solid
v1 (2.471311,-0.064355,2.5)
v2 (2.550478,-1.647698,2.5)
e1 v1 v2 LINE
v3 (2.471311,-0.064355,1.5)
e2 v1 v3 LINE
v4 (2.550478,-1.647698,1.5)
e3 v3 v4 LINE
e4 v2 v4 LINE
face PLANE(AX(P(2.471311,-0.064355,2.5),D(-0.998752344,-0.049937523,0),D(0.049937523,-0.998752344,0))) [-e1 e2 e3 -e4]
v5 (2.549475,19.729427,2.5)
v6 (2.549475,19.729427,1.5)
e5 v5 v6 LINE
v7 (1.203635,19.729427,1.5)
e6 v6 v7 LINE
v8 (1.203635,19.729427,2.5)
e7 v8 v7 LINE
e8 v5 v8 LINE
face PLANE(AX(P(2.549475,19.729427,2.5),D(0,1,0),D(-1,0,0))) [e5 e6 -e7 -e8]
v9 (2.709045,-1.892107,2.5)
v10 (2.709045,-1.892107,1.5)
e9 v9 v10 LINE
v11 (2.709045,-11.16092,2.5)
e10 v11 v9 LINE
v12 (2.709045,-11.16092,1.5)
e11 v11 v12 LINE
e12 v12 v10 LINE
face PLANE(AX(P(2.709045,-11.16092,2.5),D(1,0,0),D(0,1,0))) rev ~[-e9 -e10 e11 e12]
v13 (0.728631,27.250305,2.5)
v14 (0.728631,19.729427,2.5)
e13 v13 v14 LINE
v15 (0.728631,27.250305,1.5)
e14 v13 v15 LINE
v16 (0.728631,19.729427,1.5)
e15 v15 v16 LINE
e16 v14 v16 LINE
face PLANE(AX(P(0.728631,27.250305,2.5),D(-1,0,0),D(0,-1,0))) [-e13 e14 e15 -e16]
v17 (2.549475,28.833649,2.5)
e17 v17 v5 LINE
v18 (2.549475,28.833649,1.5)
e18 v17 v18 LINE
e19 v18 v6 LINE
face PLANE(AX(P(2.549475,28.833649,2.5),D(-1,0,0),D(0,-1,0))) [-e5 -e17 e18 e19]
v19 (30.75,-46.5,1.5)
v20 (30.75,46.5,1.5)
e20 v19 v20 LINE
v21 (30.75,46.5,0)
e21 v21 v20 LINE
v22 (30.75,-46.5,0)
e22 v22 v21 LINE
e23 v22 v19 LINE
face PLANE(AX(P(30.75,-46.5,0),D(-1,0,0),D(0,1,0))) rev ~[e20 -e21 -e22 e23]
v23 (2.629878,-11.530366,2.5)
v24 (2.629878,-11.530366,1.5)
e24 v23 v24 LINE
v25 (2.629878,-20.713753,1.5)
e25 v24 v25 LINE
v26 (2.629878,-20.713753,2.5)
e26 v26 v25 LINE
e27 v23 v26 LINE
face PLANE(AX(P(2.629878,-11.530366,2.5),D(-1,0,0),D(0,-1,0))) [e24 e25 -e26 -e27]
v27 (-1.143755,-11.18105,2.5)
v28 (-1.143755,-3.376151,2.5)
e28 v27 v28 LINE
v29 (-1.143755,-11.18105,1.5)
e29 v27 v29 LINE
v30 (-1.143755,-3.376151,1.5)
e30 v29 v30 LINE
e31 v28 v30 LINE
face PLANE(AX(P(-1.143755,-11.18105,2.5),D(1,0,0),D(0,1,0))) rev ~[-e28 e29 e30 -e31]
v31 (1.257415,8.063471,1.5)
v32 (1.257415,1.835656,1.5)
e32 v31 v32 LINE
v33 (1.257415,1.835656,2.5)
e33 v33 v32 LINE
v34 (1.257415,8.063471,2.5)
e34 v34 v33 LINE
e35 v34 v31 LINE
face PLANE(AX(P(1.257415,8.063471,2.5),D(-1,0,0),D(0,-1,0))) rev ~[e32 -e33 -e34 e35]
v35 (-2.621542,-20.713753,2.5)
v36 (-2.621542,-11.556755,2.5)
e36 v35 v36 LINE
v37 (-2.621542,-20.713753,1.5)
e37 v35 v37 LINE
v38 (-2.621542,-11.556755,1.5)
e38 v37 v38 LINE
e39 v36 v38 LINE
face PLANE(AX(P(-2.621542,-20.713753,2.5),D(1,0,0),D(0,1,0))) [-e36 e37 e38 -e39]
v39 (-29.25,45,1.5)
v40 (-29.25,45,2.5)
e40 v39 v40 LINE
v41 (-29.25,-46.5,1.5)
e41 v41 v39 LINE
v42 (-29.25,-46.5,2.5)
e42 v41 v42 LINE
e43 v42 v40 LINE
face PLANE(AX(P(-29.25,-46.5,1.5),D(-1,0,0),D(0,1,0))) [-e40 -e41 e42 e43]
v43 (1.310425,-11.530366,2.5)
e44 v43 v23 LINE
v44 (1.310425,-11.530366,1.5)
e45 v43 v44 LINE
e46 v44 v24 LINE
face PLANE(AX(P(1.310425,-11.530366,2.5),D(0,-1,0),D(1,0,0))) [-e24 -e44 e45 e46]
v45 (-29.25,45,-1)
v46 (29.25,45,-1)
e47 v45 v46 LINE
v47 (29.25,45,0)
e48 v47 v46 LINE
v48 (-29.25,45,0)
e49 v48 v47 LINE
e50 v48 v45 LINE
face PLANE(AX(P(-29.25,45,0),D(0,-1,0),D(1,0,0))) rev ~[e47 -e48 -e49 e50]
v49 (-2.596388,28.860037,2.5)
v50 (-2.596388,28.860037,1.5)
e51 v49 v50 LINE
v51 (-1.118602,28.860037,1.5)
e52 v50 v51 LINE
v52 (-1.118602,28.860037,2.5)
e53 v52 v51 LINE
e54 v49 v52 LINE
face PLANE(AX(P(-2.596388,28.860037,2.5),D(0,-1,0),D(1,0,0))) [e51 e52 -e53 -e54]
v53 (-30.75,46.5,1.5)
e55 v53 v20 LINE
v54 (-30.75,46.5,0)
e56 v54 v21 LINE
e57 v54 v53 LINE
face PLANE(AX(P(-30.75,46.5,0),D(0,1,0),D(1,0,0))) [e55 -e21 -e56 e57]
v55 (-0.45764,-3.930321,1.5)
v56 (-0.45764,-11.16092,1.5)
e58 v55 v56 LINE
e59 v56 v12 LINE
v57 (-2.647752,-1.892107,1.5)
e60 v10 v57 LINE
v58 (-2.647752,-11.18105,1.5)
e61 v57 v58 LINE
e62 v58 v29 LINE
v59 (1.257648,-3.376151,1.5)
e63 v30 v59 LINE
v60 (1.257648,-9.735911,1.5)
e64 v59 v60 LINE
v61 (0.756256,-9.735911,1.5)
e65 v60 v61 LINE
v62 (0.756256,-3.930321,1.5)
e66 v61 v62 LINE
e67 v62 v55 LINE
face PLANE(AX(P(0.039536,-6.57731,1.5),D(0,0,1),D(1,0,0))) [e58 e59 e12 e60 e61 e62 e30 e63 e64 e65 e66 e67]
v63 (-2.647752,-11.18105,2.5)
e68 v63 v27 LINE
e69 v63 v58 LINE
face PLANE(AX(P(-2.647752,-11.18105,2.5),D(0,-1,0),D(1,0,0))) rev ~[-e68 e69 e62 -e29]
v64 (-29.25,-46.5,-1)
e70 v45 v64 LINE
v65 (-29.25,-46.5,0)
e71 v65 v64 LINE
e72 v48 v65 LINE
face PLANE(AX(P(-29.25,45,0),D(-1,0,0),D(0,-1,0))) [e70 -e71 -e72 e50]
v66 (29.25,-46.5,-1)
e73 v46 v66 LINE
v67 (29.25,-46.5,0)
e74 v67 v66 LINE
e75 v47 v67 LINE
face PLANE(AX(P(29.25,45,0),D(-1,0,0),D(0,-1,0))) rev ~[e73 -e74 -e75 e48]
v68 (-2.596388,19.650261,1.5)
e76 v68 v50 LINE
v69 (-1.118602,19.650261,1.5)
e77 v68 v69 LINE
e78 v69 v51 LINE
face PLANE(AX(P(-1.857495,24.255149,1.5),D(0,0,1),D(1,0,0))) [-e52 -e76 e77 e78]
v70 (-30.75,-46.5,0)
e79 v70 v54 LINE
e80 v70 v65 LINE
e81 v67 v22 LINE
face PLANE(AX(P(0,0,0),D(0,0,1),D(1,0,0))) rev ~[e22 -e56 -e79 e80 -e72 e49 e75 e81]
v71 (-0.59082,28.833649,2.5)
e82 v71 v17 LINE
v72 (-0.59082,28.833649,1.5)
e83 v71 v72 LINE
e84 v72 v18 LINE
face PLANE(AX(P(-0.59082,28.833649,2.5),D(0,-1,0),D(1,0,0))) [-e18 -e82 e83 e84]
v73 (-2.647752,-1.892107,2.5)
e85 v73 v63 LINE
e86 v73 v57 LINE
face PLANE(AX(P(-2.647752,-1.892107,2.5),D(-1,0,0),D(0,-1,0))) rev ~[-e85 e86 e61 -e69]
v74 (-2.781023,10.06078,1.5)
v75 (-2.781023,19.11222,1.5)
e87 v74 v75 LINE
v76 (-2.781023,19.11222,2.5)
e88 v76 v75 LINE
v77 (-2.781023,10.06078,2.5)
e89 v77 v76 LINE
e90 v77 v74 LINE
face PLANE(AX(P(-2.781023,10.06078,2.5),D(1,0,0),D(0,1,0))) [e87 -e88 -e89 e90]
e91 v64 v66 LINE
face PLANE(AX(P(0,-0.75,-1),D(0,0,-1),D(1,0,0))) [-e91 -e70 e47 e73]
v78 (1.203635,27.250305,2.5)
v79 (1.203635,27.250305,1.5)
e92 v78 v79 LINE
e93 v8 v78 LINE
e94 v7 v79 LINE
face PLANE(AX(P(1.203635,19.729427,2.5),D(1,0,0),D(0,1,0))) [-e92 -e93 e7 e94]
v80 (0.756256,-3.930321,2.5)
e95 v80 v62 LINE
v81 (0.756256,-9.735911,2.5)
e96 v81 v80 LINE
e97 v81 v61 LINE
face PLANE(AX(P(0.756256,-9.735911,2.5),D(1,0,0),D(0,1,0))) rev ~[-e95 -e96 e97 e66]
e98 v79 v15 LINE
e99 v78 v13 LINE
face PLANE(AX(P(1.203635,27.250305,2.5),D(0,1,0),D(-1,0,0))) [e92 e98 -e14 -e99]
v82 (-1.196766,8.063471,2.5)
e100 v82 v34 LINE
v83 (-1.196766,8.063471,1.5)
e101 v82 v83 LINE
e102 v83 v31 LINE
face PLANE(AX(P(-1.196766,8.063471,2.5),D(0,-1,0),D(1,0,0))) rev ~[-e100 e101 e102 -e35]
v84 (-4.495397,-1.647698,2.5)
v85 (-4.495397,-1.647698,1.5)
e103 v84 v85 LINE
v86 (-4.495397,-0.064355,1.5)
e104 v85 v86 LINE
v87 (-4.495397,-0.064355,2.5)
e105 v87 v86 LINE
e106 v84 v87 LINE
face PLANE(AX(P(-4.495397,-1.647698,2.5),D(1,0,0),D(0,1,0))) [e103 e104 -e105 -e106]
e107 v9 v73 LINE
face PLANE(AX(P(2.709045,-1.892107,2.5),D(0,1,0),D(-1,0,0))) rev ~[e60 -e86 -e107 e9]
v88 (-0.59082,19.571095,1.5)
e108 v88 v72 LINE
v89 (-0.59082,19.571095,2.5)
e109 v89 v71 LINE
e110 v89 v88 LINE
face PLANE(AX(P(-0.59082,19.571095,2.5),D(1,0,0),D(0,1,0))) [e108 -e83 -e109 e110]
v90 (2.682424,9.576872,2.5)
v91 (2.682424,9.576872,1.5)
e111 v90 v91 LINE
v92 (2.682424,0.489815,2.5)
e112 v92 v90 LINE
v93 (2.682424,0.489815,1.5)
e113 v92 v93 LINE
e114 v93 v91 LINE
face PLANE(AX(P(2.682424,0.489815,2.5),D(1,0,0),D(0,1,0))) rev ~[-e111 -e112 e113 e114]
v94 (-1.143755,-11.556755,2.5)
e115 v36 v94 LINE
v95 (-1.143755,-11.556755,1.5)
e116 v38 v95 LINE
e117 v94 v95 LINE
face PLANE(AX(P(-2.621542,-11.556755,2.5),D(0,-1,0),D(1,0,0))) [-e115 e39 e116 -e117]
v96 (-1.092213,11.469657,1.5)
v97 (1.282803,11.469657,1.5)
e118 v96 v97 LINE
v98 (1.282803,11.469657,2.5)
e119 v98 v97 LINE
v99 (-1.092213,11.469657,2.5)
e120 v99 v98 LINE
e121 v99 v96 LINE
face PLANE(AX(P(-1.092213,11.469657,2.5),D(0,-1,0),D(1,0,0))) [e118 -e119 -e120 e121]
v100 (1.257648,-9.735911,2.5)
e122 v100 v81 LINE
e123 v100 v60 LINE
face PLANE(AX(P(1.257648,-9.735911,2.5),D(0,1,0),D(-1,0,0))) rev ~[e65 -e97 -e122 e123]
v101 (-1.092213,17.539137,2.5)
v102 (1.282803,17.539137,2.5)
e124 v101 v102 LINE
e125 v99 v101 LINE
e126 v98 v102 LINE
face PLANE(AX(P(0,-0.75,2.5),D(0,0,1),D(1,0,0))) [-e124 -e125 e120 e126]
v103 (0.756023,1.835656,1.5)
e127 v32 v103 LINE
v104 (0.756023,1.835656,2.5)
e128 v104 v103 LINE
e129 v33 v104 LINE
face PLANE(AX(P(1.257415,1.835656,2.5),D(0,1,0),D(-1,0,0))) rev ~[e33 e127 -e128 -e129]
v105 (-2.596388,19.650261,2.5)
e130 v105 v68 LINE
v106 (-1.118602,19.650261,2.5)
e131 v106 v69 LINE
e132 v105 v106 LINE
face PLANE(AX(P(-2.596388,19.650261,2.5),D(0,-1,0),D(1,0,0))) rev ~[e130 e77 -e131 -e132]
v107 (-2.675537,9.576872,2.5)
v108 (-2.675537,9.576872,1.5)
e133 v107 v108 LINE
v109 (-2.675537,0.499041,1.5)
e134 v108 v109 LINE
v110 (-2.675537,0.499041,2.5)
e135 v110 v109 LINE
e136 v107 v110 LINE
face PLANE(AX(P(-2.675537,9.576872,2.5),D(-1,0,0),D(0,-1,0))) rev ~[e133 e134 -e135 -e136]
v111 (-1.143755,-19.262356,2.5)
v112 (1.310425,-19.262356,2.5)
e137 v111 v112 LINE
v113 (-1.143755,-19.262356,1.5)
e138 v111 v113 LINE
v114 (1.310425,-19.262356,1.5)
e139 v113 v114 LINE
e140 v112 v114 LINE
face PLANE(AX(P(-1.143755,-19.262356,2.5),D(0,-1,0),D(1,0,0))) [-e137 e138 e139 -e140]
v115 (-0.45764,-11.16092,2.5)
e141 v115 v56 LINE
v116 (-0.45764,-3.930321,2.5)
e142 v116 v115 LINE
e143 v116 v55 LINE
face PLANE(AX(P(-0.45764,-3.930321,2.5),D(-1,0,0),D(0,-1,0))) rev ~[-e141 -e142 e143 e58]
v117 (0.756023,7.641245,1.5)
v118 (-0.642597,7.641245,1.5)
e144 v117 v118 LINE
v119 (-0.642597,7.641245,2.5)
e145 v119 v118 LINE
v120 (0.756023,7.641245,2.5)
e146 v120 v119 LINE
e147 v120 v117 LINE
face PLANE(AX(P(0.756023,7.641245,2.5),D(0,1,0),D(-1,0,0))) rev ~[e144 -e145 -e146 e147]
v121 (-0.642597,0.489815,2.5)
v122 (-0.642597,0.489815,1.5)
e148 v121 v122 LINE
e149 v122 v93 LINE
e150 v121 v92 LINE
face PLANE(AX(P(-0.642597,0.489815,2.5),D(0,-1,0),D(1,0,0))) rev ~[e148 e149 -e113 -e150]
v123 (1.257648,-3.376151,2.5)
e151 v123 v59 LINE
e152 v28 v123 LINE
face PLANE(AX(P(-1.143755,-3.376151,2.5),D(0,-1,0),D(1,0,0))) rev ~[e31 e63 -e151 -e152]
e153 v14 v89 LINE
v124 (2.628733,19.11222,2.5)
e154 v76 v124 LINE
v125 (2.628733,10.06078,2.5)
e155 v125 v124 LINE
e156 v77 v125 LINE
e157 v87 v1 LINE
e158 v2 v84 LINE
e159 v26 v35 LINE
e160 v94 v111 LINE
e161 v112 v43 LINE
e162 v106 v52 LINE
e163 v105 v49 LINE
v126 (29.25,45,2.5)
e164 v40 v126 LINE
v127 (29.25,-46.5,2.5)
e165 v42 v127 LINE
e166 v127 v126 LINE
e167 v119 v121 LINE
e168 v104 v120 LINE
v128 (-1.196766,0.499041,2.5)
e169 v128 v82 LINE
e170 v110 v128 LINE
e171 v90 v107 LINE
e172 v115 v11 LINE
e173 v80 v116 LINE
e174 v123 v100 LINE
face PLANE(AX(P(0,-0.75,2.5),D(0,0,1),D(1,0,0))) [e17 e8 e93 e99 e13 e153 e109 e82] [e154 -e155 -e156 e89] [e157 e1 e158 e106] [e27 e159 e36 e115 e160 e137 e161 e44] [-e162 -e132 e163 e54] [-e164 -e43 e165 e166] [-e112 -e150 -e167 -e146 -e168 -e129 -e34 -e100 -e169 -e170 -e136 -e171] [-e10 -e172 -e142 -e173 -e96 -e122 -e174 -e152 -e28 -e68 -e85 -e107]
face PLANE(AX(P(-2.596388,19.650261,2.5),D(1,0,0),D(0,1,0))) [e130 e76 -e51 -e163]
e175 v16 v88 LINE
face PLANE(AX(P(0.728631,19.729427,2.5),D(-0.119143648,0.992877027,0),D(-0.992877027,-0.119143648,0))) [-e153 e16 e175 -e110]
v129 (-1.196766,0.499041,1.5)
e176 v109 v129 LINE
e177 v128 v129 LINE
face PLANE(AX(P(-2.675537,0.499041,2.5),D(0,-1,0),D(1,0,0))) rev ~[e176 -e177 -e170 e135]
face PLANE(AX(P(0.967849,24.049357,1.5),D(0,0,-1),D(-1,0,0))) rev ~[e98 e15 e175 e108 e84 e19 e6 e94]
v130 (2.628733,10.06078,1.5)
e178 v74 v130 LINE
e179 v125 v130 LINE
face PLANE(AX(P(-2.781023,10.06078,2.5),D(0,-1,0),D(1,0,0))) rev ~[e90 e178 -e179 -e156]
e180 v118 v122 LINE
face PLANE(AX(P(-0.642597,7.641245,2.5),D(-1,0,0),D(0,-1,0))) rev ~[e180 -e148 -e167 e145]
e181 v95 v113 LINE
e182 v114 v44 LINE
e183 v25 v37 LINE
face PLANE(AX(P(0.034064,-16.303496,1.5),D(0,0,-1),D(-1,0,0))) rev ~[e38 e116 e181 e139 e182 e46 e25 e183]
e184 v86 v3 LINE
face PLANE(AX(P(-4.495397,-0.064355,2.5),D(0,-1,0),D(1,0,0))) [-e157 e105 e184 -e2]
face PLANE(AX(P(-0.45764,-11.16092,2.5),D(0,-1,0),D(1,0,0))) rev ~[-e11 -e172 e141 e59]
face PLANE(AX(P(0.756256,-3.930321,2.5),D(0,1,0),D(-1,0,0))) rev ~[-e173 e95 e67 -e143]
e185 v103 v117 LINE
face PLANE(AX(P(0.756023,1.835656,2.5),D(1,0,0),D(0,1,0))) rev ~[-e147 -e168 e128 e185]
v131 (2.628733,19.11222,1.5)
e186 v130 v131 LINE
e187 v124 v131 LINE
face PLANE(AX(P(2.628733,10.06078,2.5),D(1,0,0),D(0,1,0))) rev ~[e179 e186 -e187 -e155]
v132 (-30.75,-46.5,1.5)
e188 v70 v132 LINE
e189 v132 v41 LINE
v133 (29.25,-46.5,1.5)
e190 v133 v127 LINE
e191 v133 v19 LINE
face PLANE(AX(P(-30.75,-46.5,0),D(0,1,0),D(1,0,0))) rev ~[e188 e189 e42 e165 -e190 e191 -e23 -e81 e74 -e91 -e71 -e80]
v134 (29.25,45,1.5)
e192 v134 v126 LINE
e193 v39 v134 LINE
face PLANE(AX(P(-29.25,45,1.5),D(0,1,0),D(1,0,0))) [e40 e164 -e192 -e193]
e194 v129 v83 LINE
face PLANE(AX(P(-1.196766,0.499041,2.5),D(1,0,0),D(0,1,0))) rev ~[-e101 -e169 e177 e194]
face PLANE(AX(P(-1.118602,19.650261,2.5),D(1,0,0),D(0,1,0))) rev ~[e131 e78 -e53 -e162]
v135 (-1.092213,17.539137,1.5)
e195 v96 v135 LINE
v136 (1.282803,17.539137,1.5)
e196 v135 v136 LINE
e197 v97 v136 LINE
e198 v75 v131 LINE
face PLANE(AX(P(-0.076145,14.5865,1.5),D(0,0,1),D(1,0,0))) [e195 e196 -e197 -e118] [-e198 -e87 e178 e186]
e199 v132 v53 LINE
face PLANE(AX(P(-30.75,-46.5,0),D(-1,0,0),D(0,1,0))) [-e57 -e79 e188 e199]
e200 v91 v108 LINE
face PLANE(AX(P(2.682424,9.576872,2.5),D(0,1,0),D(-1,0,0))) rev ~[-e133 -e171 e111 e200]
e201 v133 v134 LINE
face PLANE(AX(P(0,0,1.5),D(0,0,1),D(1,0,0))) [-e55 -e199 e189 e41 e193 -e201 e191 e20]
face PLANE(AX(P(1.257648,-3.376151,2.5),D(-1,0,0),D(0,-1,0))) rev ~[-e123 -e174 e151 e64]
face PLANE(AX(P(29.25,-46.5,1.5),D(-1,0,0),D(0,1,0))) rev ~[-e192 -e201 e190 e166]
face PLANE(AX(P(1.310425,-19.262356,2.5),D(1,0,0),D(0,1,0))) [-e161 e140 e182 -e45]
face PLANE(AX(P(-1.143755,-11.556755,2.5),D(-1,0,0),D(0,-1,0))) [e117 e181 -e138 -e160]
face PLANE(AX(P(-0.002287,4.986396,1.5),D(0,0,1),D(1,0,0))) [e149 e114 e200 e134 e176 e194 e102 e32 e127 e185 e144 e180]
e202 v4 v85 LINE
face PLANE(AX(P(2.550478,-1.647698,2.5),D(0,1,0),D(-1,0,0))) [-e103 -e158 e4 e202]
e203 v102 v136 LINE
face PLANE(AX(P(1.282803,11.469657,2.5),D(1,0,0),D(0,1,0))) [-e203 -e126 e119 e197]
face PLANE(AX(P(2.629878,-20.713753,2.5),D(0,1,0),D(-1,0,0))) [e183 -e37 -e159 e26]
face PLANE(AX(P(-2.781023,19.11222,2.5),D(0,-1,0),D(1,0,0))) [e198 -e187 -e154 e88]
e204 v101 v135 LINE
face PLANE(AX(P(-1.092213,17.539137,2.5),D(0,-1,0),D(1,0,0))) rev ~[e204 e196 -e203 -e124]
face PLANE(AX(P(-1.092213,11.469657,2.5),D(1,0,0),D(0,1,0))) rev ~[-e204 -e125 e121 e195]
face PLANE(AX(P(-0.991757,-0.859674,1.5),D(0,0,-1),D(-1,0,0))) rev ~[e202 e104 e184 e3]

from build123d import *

# Parameters (mm, degrees)
SKETCH_W      = 61.5
SKETCH_H      = 93
PAD_DEPTH     = 1.5
SKETCH001_W   = 58.5
SKETCH001_H   = 91.5
PAD001_DEPTH  = 1
SKETCH002_W   = 58.5
SKETCH002_H   = 91.5
PAD002_DEPTH  = 1
SKETCH003_W   = 5.409756
SKETCH003_H   = 9.051441
SKETCH003_W_2 = 2.375015
SKETCH003_H_2 = 6.06948
SKETCH003_W_3 = 1.477786
SKETCH003_H_3 = 9.209776
POCKET_DEPTH  = 1


with BuildPart() as part:
    # Sketch → Pad (new body)
    with BuildSketch(Plane.XY):
        Rectangle(SKETCH_W, SKETCH_H)
    extrude(amount=PAD_DEPTH)

    # Sketch001 → Pad001 (new body)
    with BuildSketch(Plane.XY.offset(1.5)):
        with Locations((0, -0.75)):
            Rectangle(SKETCH001_W, SKETCH001_H)
    extrude(amount=PAD001_DEPTH)

    # Sketch002 → Pad002 (new body)
    with BuildSketch(Plane(origin=(0, 0, 0), x_dir=(1, 0, 0), z_dir=(0, 0, -1))):
        with Locations((0, 0.75)):
            Rectangle(SKETCH002_W, SKETCH002_H)
    extrude(amount=PAD002_DEPTH)

    # Sketch003 → Pocket (cut)
    with BuildSketch(Plane.XY.offset(2.5)):
        Polygon((-2.621542, -11.556755), (-1.143755, -11.556755), (-1.143755, -19.262356), (1.310425, -19.262356), (1.310425, -11.530366), (2.629878, -11.530366), (2.629878, -20.713753), (-2.621542, -20.713753), align=None)
        Polygon((-2.647752, -11.18105), (-1.143755, -11.18105), (-1.143755, -3.376151), (1.257648, -3.376151), (1.257648, -9.735911), (0.756256, -9.735911), (0.756256, -3.930321), (-0.45764, -3.930321), (-0.45764, -11.16092), (2.709045, -11.16092), (2.709045, -1.892107), (-2.647752, -1.892107), align=None)
        Polygon((-4.495397, -0.064355), (2.471311, -0.064355), (2.550478, -1.647698), (-4.495397, -1.647698), align=None)
        Polygon((-2.675537, 0.499041), (-1.196766, 0.499041), (-1.196766, 8.063471), (1.257415, 8.063471), (1.257415, 1.835656), (0.756023, 1.835656), (0.756023, 7.641245), (-0.642597, 7.641245), (-0.642597, 0.489815), (2.682424, 0.489815), (2.682424, 9.576872), (-2.675537, 9.576872), align=None)
        with Locations((-0.076145, 14.5865)):
            Rectangle(SKETCH003_W, SKETCH003_H)
        with Locations((0.095295, 14.504397)):
            Rectangle(SKETCH003_W_2, SKETCH003_H_2, mode=Mode.SUBTRACT)
        with Locations((-1.857495, 24.255149)):
            Rectangle(SKETCH003_W_3, SKETCH003_H_3)
        Polygon((-0.59082, 19.571095), (-0.59082, 28.833649), (2.549475, 28.833649), (2.549475, 19.729427), (1.203635, 19.729427), (1.203635, 27.250305), (0.728631, 27.250305), (0.728631, 19.729427), align=None)
    extrude(amount=-POCKET_DEPTH, mode=Mode.SUBTRACT)


solid = part.part
